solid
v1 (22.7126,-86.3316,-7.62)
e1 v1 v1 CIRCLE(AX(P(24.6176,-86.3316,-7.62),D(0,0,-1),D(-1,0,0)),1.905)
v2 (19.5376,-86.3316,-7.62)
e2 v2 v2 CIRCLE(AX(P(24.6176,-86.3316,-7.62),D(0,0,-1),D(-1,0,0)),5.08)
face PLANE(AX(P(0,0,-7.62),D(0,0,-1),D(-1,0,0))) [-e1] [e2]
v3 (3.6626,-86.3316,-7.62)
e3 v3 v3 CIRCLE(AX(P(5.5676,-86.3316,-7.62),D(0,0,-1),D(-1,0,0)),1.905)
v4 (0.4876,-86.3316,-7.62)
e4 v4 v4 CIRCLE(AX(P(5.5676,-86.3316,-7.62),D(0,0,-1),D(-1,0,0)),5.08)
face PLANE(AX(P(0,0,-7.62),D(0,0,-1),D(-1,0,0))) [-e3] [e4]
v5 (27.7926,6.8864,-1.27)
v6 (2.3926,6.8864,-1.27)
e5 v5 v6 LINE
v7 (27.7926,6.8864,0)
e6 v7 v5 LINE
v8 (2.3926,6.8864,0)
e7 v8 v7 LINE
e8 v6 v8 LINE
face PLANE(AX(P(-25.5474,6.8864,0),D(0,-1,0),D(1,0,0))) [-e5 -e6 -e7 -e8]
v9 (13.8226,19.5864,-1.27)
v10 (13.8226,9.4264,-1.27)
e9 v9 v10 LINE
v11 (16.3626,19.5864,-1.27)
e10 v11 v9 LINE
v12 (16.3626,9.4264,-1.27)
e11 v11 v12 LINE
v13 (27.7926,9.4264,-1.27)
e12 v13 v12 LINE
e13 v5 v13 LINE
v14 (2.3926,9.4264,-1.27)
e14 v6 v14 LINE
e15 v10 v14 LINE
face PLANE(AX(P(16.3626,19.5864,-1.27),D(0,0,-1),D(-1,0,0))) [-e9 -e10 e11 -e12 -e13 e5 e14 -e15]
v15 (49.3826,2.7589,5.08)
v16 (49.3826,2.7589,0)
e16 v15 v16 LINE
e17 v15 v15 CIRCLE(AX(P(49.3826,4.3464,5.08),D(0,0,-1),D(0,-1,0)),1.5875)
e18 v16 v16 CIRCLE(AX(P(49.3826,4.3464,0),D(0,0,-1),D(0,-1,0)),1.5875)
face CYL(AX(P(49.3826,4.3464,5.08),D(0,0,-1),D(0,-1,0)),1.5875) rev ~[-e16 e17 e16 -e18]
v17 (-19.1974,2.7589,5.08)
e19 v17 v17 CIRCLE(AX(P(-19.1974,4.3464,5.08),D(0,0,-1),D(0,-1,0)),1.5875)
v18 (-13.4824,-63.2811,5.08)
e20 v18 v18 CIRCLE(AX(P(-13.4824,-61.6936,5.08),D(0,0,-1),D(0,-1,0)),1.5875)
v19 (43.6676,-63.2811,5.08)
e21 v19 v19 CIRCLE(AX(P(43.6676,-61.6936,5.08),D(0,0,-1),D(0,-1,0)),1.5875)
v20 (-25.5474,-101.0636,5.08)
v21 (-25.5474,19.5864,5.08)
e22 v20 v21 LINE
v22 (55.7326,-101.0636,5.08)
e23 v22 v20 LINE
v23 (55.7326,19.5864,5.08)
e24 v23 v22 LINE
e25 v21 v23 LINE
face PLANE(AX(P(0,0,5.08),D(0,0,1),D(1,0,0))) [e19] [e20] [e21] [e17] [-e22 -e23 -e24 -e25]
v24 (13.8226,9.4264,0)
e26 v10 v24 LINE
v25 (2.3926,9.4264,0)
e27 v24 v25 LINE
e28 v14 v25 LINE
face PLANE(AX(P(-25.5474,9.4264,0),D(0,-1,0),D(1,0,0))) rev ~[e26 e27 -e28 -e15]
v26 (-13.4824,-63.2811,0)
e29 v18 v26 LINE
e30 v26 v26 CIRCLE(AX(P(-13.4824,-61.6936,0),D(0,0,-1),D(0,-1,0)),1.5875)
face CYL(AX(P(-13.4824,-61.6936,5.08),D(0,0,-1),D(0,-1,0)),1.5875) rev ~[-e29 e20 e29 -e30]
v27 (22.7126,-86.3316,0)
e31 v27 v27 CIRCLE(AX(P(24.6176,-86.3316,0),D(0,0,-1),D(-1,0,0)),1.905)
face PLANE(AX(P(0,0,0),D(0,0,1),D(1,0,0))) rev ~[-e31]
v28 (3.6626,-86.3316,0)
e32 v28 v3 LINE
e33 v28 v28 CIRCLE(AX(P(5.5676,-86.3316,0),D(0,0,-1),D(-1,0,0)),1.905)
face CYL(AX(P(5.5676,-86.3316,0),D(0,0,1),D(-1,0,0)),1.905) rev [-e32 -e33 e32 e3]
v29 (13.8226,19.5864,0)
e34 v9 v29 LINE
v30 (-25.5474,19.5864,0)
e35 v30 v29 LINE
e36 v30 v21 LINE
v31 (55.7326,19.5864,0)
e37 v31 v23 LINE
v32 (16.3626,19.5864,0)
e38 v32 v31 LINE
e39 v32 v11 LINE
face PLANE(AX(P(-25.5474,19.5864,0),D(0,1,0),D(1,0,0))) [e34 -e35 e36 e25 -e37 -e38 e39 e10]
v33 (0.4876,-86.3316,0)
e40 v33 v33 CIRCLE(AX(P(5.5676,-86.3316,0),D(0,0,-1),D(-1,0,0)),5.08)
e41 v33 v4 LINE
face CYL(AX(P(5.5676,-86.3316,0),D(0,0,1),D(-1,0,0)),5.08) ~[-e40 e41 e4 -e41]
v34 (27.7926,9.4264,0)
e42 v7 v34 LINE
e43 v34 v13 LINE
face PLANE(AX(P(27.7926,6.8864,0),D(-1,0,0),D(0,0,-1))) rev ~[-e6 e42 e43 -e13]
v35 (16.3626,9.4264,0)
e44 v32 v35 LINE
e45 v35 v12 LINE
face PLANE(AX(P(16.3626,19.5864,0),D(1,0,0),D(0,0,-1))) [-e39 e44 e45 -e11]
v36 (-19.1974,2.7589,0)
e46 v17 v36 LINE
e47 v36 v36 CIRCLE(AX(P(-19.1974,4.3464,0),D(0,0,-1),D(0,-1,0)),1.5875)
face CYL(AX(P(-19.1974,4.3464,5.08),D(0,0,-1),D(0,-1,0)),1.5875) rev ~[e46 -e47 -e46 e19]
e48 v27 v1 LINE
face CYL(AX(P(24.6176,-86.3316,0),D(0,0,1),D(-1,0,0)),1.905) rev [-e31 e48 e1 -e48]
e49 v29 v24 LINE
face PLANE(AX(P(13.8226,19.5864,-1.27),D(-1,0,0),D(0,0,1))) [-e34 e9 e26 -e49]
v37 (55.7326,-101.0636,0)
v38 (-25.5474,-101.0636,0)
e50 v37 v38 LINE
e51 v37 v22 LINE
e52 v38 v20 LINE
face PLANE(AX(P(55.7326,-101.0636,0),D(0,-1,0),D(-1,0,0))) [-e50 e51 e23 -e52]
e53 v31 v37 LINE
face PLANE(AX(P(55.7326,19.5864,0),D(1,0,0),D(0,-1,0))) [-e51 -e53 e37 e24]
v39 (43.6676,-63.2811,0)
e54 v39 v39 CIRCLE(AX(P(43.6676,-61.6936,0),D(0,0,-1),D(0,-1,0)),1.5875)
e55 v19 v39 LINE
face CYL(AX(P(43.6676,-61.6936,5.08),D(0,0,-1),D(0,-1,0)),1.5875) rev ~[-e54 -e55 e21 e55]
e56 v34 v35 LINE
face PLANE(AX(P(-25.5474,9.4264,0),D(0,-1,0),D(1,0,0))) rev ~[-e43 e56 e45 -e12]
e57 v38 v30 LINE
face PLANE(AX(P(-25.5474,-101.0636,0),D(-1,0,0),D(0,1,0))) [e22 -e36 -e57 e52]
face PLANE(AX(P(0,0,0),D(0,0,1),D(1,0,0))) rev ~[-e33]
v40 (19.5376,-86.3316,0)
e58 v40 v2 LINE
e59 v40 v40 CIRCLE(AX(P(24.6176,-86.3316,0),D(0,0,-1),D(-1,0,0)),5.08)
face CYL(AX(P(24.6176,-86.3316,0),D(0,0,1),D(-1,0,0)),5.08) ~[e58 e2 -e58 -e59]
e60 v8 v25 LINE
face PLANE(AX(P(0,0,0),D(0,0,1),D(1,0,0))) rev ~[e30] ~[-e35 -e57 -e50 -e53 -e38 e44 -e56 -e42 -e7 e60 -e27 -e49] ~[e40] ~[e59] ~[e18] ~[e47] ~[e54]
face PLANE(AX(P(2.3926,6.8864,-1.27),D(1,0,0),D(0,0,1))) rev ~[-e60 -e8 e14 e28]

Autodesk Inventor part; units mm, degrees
ref_plane "YZ Plane" through (0, 0, 0) normal (1, 0, 0) x (0, 1, 0)
ref_plane "XZ Plane" through (0, 0, 0) normal (0, 1, 0) x (-1, 0, 0)
ref_plane "XY Plane" through (0, 0, 0) normal (0, 0, 1) x (1, 0, 0)
sketch "Sketch1" plane through (0, 0, 0) normal (0, 0, 1) x (1, 0, 0)
  line L0 (-25.5474, 19.5864) -> (55.7326, 19.5864)
  line L1 (55.7326, 19.5864) -> (55.7326, -101.0636)
  line L2 (55.7326, -101.0636) -> (-25.5474, -101.0636)
  line L3 (-25.5474, -101.0636) -> (-25.5474, 19.5864)
  dimension "d0" = 81.28
  dimension "d1" = 120.65
extrude "Extrusion1" add sketch "Sketch1" along normal blind 5.08
sketch "Sketch2" plane through (0, 0, 5.08) normal (0, 0, 1) x (1, 0, 0)
  line L0 (55.7326, 19.5864) -> (55.7326, -101.0636) projected
  line L1 (-25.5474, 19.5864) -> (55.7326, 19.5864) projected
  line L2 (-25.5474, -101.0636) -> (-25.5474, 19.5864) projected
  line L3 (55.7326, -101.0636) -> (-25.5474, -101.0636) projected
  line L4 (-19.1974, 4.3464) -> (49.3826, 4.3464)
  line L5 (49.3826, 4.3464) -> (43.6676, -61.6936)
  line L6 (43.6676, -61.6936) -> (-13.4824, -61.6936)
  line L7 (-13.4824, -61.6936) -> (-19.1974, 4.3464)
  circle A0 centre (15.0926, 4.3464) radius 40.64 construction
  circle A1 centre (15.0926, 4.3464) radius 34.29 construction
  circle A2 centre (15.0926, -61.6936) radius 28.575 construction
  dimension "d4" = 57.15
  dimension "d5" = 68.58
  dimension "d6" = 15.24
  dimension "d7" = 66.04
hole "Hole1" at (-19.1974, 4.3464, 5.08) at (49.3826, 4.3464, 5.08) at (43.6676, -61.6936, 5.08) at (-13.4824, -61.6936, 5.08) direction (0, 0, -1) diameter 3.175 end through all
sketch "Sketch4" plane through (-25.5474, 19.5864, 0) normal (0, 1, 0) x (1, 0, 0)
  line L0 (81.28, 0) -> (81.28, -5.08) projected
  line L1 (0, 0) -> (81.28, 0) projected
  line L2 (0, 0) -> (0, -5.08) projected
  line L3 (39.37, 0) -> (41.91, 0)
  line L4 (41.91, 0) -> (41.91, 1.27)
  line L5 (41.91, 1.27) -> (39.37, 1.27)
  line L6 (39.37, 1.27) -> (39.37, 0)
  circle A0 centre (40.64, 0.4048) radius 1.27 construction
  circle A1 centre (40.64, 0.4048) radius 40.64 construction
  dimension "d15" = 2.54
  dimension "d16" = 1.27
extrude "Extrusion2" add sketch "Sketch4" against normal blind 12.7
sketch "Sketch5" plane through (-25.5474, 6.8864, 0) normal (0, -1, 0) x (1, 0, 0)
  line L0 (41.91, 0) -> (41.91, -1.27) projected
  line L1 (39.37, 0) -> (41.91, 0) projected
  line L2 (39.37, -1.27) -> (39.37, 0) projected
  line L3 (41.91, -1.27) -> (39.37, -1.27) projected
  line L4 (27.94, 0) -> (53.34, 0)
  line L5 (53.34, 0) -> (53.34, -1.27)
  line L6 (53.34, -1.27) -> (27.94, -1.27)
  line L7 (27.94, -1.27) -> (27.94, 0)
  circle A0 centre (40.64, -8.0178) radius 1.27 construction
  circle A1 centre (40.64, -8.0178) radius 12.7 construction
  dimension "d19" = 25.4
extrude "Extrusion3" add sketch "Sketch5" against normal blind 2.54
sketch "Sketch7" plane through (0, 0, 0) normal (0, 0, -1) x (-1, 0, 0)
  line L0 (-55.7326, 19.5864) -> (-55.7326, -101.0636) projected
  line L1 (25.5474, -101.0636) -> (25.5474, 19.5864) projected
  circle A0 centre (13.4824, -61.6936) radius 1.5875 projected
  circle A1 centre (-5.5676, -86.3316) radius 5.08
  circle A2 centre (-5.5676, -86.3316) radius 1.905
  circle A3 centre (-24.6176, -86.3316) radius 5.08
  circle A4 centre (-24.6176, -86.3316) radius 1.905
  circle A5 centre (-15.0926, -74.2033) radius 15.4215 construction
  circle A6 centre (-15.0926, -74.2033) radius 40.64 construction
  dimension "d26" = 19.05
  dimension "d27" = 24.638
  dimension "d28" = 3.81
  dimension "d29" = 10.16
extrude "Extrusion5" add sketch "Sketch7" along normal blind 7.62 contours A1 | A3
properties part number "bas_plate"
